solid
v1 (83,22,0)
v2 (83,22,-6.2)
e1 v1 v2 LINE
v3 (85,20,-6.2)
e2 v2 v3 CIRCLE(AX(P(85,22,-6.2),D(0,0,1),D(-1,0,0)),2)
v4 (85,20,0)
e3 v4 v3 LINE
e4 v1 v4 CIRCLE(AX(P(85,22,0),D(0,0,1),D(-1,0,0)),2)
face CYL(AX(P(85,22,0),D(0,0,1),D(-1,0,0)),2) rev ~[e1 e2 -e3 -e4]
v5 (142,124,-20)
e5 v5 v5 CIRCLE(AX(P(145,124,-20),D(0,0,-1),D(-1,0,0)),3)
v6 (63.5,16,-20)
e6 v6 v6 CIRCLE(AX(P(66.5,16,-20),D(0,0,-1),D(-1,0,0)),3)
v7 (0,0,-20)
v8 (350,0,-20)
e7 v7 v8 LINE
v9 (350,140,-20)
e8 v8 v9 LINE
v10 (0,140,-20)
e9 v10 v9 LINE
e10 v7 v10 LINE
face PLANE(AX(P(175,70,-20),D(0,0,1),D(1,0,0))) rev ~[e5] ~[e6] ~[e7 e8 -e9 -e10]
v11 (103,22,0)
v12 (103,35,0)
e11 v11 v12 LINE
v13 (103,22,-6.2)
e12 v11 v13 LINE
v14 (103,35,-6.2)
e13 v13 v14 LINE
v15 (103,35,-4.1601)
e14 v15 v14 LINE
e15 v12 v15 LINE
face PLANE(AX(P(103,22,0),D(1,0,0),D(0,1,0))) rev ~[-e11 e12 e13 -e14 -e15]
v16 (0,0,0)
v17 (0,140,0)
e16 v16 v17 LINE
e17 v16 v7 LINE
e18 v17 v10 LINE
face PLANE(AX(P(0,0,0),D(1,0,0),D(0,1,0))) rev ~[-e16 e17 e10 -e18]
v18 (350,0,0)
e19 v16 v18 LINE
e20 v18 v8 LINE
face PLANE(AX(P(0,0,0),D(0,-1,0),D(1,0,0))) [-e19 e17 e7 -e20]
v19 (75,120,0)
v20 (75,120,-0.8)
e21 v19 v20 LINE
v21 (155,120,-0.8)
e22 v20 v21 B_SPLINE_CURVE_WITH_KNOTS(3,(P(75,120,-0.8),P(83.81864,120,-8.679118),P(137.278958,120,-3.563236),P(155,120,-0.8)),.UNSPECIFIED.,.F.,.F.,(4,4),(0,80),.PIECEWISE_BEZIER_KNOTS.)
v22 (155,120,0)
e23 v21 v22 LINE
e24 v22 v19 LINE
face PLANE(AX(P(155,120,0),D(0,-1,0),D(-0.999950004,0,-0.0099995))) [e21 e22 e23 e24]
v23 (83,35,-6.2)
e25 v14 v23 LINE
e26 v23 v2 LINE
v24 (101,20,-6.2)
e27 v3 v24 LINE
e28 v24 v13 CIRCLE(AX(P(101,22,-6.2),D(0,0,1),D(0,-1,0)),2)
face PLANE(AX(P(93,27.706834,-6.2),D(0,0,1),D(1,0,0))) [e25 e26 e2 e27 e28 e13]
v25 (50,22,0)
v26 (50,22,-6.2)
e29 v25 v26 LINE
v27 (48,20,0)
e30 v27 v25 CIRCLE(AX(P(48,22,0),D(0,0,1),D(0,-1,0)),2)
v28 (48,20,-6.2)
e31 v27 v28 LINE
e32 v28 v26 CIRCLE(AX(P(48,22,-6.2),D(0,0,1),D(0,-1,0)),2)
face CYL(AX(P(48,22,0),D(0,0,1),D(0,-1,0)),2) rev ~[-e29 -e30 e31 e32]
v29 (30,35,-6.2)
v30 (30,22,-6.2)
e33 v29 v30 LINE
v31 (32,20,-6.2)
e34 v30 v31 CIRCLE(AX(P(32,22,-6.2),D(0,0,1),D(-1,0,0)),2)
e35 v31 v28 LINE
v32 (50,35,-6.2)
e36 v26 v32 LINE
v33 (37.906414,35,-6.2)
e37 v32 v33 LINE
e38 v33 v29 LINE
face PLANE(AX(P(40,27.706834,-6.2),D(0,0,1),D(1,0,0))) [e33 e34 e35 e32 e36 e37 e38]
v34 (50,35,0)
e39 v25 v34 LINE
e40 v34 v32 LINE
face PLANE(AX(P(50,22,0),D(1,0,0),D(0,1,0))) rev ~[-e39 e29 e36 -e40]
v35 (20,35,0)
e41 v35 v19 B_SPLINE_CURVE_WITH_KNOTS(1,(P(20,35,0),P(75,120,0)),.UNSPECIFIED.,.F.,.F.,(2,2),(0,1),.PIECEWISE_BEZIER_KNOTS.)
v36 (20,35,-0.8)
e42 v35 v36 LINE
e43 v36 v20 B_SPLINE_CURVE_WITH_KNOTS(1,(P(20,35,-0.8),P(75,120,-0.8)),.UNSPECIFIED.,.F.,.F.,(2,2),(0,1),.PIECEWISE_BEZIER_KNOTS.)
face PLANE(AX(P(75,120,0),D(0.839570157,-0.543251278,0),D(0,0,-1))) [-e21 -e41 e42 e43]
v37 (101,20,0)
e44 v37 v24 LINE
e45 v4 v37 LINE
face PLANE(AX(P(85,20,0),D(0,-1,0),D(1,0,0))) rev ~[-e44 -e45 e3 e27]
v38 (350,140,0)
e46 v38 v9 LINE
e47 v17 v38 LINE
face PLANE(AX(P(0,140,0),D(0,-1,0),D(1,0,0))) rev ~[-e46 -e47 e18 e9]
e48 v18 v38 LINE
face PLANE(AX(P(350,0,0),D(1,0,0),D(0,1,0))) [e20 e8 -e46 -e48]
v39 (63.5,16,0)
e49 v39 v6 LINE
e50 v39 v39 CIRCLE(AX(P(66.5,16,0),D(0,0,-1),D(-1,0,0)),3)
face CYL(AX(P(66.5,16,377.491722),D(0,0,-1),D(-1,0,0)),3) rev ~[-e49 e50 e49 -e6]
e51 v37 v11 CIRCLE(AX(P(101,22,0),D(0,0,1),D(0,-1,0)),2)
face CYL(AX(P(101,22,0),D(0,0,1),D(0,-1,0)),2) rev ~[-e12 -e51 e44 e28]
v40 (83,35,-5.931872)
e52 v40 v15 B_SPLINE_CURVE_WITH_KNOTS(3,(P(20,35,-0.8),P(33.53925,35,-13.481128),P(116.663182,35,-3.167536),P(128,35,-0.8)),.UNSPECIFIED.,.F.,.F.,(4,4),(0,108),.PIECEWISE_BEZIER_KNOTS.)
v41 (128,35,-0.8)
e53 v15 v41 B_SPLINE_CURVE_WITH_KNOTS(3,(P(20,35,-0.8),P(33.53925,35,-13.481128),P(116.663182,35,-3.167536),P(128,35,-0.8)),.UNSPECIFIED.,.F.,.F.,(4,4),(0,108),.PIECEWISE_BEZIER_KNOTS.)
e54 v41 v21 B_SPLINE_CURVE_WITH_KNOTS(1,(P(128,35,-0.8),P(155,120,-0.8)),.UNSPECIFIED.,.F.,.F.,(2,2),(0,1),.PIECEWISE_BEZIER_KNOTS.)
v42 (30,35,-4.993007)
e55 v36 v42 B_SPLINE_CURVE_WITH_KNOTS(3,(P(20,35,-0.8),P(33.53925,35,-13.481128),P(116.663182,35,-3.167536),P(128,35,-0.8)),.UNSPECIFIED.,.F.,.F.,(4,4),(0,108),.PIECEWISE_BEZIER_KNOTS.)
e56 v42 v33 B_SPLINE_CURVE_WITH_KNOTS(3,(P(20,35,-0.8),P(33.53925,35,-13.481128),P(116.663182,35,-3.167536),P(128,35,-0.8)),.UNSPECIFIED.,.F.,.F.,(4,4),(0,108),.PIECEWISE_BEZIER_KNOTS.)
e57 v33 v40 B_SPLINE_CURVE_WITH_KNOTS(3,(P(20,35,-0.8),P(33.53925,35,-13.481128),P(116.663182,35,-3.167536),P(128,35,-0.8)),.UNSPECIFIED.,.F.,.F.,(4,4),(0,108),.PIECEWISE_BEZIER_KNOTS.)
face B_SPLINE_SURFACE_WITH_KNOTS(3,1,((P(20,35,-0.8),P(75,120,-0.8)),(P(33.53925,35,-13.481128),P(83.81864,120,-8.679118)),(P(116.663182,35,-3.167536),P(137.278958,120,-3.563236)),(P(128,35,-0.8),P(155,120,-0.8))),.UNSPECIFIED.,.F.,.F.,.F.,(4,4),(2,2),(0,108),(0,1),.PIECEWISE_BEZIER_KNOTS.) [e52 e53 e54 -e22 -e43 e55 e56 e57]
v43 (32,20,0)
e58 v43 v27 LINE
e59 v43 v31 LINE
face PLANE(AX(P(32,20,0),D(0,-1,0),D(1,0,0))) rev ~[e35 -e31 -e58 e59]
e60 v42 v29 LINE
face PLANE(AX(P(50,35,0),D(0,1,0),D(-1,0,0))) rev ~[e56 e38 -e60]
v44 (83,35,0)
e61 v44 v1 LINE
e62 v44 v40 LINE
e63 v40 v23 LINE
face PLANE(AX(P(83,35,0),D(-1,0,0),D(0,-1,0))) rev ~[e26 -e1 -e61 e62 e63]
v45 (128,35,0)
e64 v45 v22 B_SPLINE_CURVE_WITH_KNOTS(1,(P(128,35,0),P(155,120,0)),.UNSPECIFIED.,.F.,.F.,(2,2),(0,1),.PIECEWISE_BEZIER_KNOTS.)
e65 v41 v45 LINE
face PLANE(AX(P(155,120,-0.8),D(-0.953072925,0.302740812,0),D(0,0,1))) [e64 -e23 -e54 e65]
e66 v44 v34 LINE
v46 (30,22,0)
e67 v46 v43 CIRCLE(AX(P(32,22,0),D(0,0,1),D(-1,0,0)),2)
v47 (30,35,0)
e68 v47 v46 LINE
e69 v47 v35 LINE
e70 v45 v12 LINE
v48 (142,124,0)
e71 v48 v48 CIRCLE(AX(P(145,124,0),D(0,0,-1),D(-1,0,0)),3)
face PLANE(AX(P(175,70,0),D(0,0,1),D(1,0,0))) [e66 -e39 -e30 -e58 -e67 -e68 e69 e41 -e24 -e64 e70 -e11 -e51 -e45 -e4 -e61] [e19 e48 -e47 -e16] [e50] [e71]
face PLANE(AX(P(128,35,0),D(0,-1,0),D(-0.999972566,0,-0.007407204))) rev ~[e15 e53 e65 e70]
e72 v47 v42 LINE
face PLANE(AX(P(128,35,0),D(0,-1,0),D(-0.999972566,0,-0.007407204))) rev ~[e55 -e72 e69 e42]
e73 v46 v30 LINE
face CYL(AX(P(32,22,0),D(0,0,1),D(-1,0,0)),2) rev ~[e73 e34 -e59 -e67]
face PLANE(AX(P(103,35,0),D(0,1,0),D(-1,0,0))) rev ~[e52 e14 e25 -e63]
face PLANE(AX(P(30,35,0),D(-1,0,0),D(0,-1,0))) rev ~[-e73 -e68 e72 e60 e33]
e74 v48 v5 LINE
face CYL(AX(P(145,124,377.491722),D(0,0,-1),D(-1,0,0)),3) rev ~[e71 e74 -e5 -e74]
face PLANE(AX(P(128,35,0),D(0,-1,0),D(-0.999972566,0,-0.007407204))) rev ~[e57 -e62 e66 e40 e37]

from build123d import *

# Parameters (mm, degrees)
F0_W     = 350
F0_H     = 140
F1_DEPTH = 20
F9_DEPTH = 6.2
F11_D    = 6


with BuildPart() as f1:
    # F0 (on Top) → F1 (new body)
    with BuildSketch(Plane.XY):
        with Locations((175, 70)):
            Rectangle(F0_W, F0_H)
    extrude(amount=-F1_DEPTH)

    # F4 (on plane+point) → F7 section 0
    with BuildSketch(Plane.XZ.offset(-35)):
        with BuildLine():
            Line((128, 0), (20, 0))
            Line((20, 0), (20, -0.8))
            add(Edge.make_bspline(
                [(20, -0.8), (33.539250493, -13.4811280295), (116.6631821028, -3.1675355221), (128, -0.8)],
                knots=[0, 0, 0, 0, 108, 108, 108, 108], degree=3))
            Line((128, -0.8), (128, 0))
        make_face()
    # F6 (on plane+point) → F7 section 1
    with BuildSketch(Plane.XZ.offset(-120)):
        with BuildLine():
            Line((155, 0), (75, 0))
            Line((75, 0), (75, -0.8))
            add(Edge.make_bspline(
                [(75, -0.8), (83.8186404567, -8.6791180032), (137.2789575916, -3.563235641), (155, -0.8)],
                knots=[0, 0, 0, 0, 80, 80, 80, 80], degree=3))
            Line((155, -0.8), (155, 0))
        make_face()
    loft(mode=Mode.SUBTRACT)

    # F8 (on Top) → F9 (cut)
    with BuildSketch(Plane.XY):
        with BuildLine():
            Line((50, 35), (30, 35))
            Line((30, 35), (30, 22))
            ThreePointArc((30, 22), (30.5857864376, 20.5857864376), (32, 20))
            Line((32, 20), (48, 20))
            ThreePointArc((48, 20), (49.4142135624, 20.5857864376), (50, 22))
            Line((50, 22), (50, 35))
        make_face()
        with BuildLine():
            Line((103, 35), (83, 35))
            Line((83, 35), (83, 22))
            ThreePointArc((83, 22), (83.5857864376, 20.5857864376), (85, 20))
            Line((85, 20), (101, 20))
            ThreePointArc((101, 20), (102.4142135624, 20.5857864376), (103, 22))
            Line((103, 22), (103, 35))
        make_face()
    extrude(amount=-F9_DEPTH, mode=Mode.SUBTRACT)

    # F11 (through all)
    with Locations(Plane.XY):
        with Locations((66.5, 16), (145, 124)):
            Hole(F11_D / 2)


solid = f1.part
